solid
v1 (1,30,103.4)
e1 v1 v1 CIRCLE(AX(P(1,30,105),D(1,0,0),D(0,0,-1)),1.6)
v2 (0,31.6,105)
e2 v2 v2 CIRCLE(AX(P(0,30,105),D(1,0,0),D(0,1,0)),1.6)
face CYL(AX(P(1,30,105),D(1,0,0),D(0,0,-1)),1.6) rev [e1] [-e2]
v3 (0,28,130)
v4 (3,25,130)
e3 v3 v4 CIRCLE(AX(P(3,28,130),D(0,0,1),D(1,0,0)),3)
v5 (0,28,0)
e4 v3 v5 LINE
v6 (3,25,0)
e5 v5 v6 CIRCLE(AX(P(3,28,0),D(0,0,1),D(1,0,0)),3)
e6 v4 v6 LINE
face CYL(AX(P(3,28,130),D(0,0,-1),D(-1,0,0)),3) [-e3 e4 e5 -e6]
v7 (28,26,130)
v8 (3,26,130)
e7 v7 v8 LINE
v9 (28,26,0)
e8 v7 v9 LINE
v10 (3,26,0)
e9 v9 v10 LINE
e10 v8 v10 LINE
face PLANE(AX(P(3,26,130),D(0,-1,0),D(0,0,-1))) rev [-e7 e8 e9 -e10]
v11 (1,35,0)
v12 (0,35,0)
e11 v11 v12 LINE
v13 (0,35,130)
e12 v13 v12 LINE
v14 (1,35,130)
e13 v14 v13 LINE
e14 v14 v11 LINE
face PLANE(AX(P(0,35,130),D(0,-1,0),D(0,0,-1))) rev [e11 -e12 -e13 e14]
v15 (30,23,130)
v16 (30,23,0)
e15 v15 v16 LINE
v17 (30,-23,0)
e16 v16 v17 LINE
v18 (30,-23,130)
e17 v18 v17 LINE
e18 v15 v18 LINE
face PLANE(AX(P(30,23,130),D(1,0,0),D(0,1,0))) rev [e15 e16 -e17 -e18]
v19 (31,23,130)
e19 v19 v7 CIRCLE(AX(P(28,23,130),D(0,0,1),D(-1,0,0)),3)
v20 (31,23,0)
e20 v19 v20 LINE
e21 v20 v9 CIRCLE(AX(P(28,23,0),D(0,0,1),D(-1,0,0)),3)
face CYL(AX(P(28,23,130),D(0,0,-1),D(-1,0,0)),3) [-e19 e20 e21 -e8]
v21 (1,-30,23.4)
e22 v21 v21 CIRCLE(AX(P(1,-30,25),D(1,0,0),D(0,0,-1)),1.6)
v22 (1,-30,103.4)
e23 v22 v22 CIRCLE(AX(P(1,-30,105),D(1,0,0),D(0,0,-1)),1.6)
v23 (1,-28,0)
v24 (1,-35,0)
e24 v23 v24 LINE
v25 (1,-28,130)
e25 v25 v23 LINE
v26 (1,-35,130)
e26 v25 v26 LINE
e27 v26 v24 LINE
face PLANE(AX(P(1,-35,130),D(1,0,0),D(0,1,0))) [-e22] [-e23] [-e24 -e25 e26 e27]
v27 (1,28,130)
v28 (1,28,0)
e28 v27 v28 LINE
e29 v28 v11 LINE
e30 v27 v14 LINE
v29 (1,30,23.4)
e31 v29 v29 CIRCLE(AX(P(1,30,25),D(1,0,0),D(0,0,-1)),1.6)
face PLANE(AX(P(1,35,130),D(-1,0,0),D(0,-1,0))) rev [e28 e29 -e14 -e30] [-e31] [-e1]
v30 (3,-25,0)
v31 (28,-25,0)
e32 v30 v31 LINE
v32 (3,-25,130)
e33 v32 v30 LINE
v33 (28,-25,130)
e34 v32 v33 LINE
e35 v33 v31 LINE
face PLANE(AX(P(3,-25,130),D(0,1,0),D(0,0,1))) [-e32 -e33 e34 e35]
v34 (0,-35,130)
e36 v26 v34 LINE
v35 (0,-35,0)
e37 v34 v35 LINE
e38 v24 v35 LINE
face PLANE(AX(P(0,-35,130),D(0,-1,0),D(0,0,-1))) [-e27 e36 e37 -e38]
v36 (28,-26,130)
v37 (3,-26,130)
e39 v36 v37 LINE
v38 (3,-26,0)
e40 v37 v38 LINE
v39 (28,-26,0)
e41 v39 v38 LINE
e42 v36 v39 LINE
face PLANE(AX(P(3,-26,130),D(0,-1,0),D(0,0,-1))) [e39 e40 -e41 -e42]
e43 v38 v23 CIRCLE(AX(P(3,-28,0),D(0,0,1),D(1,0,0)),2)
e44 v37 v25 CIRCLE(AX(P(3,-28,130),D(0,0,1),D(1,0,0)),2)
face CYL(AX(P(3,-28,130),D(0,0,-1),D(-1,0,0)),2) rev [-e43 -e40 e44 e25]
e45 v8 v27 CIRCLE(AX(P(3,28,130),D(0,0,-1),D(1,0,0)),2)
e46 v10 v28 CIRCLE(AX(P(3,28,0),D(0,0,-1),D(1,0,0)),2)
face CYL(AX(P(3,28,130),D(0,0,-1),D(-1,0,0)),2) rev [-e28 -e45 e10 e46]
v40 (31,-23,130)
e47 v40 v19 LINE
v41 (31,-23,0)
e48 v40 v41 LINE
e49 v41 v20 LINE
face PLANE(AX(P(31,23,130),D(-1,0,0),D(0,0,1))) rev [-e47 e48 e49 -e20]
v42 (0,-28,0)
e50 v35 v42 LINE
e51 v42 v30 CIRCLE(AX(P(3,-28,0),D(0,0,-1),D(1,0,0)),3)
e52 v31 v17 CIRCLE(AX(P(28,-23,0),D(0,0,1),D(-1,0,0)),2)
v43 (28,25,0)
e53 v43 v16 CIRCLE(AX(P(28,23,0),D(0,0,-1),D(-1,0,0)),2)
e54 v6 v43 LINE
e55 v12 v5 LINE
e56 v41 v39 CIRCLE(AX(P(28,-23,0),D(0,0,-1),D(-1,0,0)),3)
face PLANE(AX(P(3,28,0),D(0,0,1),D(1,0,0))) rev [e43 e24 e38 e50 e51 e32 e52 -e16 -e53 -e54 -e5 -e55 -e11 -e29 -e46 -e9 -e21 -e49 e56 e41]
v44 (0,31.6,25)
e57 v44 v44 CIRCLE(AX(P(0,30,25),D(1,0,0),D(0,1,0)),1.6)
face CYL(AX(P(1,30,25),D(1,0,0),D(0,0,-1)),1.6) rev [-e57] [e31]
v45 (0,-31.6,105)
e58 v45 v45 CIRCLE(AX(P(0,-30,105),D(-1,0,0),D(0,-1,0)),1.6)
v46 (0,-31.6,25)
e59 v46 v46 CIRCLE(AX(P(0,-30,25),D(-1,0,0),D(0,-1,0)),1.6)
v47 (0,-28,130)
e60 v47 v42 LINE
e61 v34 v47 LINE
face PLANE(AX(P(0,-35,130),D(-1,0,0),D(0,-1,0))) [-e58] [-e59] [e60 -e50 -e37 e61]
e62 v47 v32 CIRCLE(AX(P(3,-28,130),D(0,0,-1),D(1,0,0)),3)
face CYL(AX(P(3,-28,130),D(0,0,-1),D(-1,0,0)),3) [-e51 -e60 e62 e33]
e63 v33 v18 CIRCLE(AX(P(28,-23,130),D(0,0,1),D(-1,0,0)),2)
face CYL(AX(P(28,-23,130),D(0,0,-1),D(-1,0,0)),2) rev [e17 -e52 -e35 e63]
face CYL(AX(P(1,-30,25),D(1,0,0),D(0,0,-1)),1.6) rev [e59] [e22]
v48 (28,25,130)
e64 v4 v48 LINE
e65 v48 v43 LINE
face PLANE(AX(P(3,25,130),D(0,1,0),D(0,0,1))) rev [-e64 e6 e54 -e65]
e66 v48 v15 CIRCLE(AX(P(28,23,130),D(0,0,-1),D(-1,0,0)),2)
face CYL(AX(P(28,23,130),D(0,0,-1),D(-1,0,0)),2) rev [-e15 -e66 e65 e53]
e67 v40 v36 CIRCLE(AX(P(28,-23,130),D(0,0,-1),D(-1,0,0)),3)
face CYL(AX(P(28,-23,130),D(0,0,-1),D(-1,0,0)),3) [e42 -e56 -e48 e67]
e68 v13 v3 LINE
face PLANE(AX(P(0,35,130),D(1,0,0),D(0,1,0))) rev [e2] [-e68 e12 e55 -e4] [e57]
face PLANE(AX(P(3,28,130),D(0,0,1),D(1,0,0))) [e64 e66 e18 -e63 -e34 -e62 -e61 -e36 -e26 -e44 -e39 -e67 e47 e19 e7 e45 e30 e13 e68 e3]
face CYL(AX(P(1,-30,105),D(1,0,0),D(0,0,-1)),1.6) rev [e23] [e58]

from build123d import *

# Parameters (mm, degrees)
EXTRUDE_1_DEPTH             = 130
HOLE_WIZARD_M3_2_AT_2_COUNT = 2
HOLE_WIZARD_M3_2_AT_2_PITCH = 80


with BuildPart() as part:
    # ｽｹｯﾁ1 → ﾎﾞｽ - 押し出し1 (new body)
    with BuildSketch(Plane.XY):
        with BuildLine():
            Line((0, 35), (0, 28))
            ThreePointArc((0, 28), (0.878679656, 25.878679656), (3, 25))
            Line((3, 25), (28, 25))
            ThreePointArc((28, 25), (29.414213562, 24.414213562), (30, 23))
            Line((30, 23), (30, 0))
            Line((30, 0), (31, 0))
            Line((31, 0), (31, 23))
            ThreePointArc((31, 23), (30.121320344, 25.121320344), (28, 26))
            Line((28, 26), (3, 26))
            ThreePointArc((3, 26), (1.585786438, 26.585786438), (1, 28))
            Line((1, 28), (1, 35))
            Line((1, 35), (0, 35))
        make_face()
    extrude_1 = extrude(amount=EXTRUDE_1_DEPTH)

    # ｽｹｯﾁ5 → M3 すきま穴2 (revolve, cut)
    with BuildSketch(Plane(origin=(1, 30, 25), x_dir=(0, 0, -1), z_dir=(0, 1, 0))):
        Polygon((0, 0), (0, 10.96137699), (1.6, 10), (1.6, 0), align=None)
    hole_wizard_m3_2 = revolve(axis=Axis((7.35, 30, 25), (-1, 0, 0)), mode=Mode.SUBTRACT)

    # M3 すきま穴2 at 2: M3 すきま穴2 ×2
    with Locations(*[(0, 0, i * HOLE_WIZARD_M3_2_AT_2_PITCH) for i in range(1, HOLE_WIZARD_M3_2_AT_2_COUNT)]):
        add(hole_wizard_m3_2, mode=Mode.SUBTRACT)

    # ﾐﾗｰ2: ﾎﾞｽ - 押し出し1, M3 すきま穴2 across plane
    add(extrude_1.mirror(Plane.ZX))
    add(hole_wizard_m3_2.mirror(Plane.ZX), mode=Mode.SUBTRACT)

    # ﾐﾗｰ2 copy 1 sketch → ﾐﾗｰ2 copy 1 (revolve, cut)
    with BuildSketch(Plane(origin=(1, -30, 105), x_dir=(0, 0, -1), z_dir=(0, -1, 0))):
        Polygon((0, 0), (0, -10.96137699), (1.6, -10), (1.6, 0), align=None)
    revolve(axis=Axis((7.35, -30, 105), (1, 0, 0)), mode=Mode.SUBTRACT)


solid = part.part
